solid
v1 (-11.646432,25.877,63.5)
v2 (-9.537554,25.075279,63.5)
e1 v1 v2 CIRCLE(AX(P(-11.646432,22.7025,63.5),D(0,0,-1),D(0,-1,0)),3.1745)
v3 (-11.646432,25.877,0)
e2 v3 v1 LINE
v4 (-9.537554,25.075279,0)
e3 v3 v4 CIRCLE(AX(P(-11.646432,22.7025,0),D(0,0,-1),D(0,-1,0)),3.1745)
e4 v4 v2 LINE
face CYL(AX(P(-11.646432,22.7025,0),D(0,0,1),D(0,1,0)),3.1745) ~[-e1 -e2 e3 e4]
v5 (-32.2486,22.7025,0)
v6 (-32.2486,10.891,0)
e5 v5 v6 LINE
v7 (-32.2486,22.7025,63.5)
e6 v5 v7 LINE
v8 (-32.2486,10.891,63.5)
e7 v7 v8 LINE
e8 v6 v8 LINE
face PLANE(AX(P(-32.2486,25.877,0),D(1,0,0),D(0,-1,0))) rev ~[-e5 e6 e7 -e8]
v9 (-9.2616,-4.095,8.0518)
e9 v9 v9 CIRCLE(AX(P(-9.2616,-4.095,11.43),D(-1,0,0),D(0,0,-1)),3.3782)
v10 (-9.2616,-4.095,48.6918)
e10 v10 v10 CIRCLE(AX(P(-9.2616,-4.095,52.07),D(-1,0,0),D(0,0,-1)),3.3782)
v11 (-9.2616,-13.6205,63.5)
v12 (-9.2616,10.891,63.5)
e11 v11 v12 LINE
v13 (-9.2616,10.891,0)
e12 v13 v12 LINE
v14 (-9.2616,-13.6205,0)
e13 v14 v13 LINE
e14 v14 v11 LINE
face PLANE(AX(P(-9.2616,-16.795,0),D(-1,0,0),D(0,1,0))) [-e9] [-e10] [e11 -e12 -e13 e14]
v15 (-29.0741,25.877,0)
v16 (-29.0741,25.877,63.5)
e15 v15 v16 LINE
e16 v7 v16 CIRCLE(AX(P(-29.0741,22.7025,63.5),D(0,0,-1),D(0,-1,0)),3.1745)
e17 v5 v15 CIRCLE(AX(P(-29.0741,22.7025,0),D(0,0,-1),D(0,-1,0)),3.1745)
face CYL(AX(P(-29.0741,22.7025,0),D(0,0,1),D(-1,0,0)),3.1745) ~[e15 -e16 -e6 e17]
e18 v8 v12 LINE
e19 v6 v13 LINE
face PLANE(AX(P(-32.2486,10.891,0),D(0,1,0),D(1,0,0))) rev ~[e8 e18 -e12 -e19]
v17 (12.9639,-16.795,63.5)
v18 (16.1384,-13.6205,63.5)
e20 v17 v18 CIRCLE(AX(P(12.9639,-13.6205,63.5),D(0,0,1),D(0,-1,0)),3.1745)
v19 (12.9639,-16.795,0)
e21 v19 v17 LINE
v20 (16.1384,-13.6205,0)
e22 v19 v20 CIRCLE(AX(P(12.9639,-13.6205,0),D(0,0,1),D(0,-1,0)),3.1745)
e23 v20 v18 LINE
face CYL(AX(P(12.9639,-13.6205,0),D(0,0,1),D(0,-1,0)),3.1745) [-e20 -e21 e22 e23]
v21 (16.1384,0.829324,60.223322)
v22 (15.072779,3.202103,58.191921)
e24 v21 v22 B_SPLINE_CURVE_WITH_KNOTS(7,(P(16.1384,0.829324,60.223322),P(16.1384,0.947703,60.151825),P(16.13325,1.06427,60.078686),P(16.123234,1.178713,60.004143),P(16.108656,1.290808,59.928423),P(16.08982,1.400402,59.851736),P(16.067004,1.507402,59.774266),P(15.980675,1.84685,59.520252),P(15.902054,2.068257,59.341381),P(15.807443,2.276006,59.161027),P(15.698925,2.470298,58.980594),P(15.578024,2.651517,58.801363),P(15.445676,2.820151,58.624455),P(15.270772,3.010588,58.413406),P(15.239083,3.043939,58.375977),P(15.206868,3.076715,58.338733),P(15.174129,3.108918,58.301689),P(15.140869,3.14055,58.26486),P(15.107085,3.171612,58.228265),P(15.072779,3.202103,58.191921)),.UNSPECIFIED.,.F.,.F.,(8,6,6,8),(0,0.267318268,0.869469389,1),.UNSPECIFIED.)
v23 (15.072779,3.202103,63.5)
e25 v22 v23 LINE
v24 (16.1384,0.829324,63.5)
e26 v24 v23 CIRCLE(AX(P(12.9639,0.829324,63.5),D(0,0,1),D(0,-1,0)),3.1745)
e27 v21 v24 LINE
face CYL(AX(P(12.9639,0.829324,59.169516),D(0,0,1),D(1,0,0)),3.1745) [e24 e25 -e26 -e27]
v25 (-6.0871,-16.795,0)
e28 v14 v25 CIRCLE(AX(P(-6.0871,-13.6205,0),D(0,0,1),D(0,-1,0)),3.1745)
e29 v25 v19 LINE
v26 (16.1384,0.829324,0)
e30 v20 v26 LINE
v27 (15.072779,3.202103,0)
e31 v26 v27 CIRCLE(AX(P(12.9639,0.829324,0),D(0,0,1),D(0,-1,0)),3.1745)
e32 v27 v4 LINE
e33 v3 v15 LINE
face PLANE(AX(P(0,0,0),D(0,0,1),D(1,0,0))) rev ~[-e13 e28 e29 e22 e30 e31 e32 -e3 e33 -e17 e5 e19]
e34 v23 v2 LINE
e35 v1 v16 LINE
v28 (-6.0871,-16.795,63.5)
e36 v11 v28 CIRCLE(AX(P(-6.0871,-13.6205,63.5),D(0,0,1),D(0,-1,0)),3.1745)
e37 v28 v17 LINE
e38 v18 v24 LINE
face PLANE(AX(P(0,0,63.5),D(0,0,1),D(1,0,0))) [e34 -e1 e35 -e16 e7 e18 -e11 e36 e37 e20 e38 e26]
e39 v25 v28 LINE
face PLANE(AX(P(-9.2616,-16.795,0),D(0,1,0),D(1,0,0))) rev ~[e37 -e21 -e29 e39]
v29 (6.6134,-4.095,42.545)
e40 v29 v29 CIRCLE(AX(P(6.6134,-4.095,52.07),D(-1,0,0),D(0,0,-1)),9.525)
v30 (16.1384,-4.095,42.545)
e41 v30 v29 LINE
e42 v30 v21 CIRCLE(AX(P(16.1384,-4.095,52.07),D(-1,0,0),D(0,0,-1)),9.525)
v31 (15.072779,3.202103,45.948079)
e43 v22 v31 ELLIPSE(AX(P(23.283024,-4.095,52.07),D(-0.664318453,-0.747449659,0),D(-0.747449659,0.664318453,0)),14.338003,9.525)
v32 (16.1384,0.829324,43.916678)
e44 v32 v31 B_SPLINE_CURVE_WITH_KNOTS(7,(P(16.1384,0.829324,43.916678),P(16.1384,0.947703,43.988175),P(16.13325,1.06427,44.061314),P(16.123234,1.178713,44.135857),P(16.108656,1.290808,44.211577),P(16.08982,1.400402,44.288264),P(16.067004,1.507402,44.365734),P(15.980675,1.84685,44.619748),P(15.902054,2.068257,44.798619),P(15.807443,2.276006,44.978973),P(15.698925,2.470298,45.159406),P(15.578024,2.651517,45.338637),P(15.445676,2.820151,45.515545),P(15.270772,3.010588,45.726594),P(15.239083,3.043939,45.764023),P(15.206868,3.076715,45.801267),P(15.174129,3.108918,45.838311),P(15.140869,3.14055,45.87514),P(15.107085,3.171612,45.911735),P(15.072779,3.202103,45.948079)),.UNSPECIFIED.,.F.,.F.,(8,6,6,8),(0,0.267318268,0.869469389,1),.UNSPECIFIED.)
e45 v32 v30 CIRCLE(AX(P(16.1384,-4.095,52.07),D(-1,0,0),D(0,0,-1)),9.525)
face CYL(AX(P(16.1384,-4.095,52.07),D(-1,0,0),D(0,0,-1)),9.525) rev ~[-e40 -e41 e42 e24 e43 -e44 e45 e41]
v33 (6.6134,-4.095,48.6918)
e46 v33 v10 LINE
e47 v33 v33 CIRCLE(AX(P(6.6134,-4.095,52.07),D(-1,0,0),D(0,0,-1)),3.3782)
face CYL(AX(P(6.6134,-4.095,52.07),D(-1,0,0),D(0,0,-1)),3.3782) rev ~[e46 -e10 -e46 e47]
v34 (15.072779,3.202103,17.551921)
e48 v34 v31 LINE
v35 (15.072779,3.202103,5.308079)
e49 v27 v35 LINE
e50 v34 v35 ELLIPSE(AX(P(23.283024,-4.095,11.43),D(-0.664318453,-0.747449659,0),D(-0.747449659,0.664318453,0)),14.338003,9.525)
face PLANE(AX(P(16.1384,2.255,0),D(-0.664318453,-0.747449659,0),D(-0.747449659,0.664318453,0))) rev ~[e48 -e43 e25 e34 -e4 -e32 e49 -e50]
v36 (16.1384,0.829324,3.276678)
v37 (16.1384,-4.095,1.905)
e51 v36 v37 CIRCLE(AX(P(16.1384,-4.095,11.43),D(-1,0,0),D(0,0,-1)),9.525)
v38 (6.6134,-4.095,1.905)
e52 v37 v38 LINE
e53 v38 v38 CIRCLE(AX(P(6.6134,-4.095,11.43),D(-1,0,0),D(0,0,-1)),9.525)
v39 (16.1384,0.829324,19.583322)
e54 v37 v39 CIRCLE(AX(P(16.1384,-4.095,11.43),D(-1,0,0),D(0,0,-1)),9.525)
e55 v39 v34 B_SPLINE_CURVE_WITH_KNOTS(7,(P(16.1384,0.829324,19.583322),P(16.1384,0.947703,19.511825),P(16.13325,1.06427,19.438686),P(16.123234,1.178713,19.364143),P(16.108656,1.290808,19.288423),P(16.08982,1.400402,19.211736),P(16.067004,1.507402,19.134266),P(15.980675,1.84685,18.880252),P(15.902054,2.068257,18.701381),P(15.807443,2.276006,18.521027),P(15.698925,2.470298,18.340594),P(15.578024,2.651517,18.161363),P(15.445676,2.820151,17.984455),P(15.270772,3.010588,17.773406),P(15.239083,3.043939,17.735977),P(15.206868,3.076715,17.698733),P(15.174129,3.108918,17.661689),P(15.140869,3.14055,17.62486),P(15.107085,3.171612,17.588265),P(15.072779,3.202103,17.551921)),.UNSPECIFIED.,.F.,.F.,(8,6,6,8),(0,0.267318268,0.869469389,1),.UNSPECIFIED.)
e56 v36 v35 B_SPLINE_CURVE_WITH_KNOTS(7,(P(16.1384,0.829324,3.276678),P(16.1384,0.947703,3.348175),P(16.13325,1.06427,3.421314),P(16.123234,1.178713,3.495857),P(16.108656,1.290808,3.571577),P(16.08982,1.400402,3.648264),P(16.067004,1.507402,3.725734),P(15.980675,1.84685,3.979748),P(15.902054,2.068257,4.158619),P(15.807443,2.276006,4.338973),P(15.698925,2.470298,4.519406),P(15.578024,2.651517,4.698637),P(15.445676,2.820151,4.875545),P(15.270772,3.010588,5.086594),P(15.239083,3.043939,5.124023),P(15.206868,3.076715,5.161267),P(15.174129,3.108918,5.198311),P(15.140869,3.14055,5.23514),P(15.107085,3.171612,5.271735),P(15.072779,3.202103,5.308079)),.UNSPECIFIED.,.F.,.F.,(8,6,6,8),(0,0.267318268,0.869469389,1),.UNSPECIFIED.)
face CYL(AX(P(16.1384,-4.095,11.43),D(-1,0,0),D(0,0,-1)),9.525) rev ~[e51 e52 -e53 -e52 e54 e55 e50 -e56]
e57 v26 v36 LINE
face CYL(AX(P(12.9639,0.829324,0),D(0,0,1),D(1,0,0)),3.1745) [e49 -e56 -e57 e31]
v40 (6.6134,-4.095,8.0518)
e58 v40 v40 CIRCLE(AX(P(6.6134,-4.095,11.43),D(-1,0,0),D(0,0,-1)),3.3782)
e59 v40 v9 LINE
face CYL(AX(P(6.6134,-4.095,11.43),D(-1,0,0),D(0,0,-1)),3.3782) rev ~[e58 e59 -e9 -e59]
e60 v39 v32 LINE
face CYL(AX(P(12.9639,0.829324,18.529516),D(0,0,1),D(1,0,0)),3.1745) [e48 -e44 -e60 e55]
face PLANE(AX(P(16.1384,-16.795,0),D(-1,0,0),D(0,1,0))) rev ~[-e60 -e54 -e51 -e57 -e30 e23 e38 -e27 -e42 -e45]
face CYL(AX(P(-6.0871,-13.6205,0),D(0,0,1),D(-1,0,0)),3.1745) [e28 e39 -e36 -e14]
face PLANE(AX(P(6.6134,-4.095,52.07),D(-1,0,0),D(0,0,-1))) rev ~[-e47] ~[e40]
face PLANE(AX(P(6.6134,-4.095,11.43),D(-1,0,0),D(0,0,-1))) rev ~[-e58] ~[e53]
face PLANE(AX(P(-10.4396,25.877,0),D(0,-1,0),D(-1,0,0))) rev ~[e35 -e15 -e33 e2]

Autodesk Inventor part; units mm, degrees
ref_plane "YZ Plane" through (0, 0, 0) normal (1, 0, 0) x (0, 1, 0)
ref_plane "XZ Plane" through (0, 0, 0) normal (0, 1, 0) x (-1, 0, 0)
ref_plane "XY Plane" through (0, 0, 0) normal (0, 0, 1) x (1, 0, 0)
sketch "Sketch1" plane through (0, 0, 0) normal (0, 0, 1) x (1, 0, 0)
  line L0 (-9.2616, -16.795) -> (16.1384, -16.795)
  line L1 (16.1384, -16.795) -> (16.1384, 2.255)
  line L2 (16.1384, 2.255) -> (-10.4396, 25.877)
  line L3 (-10.4396, 25.877) -> (-32.2486, 25.877)
  line L4 (-32.2486, 25.877) -> (-32.2486, 10.891)
  line L5 (-32.2486, 10.891) -> (-9.2616, 10.891)
  line L6 (-9.2616, -16.795) -> (-9.2616, 10.891)
  dimension "d39" = 25.4
  dimension "d40" = 22.987
  dimension "d42" = 27.686
  dimension "d43" = 14.986
  dimension "d45" = 48.37
  dimension "d46" = 19.05
extrude "Extrusion1" add sketch "Sketch1" along normal blind 63.5
sketch "Sketch5" plane through (16.1384, -16.795, 0) normal (1, 0, 0) x (0, 0, -1)
  line L0 (0, 0) -> (-63.5, 0) projected
  line L1 (-63.5, 0) -> (-63.5, 19.05) projected
  line L2 (-63.5, 0) -> (-52.07, 12.7) construction
  line L3 (-52.07, 12.7) -> (-11.43, 12.7) construction
  line L4 (0, 0) -> (0, 19.05) construction
  line L5 (-11.43, 12.7) -> (0, 0) construction
  point P0 (0, 16.795)
  dimension "d47" = 12.7
  dimension "d48" = 11.43
hole "Hole3" at (16.1384, -4.095, 52.07) at (16.1384, -4.095, 11.43) direction (-1, 0, 0) diameter 6.7564 end through all counterbore diameter 19.05 counterbore depth 9.525 clearance for "Hex Head Bolt" size "1/4" standard "Ansi Unified Screw Threads"
fillet "Fillet2" radius 3.175 7 edges at (16.1384, 2.255, 31.75) (16.1384, 2.255, 61.3348) (16.1384, 2.255, 2.1652) (16.1384, -16.795, 31.75) (-9.2616, -16.795, 31.75) (-10.4396, 25.877, 31.75) (-32.2486, 25.877, 31.75)
properties part number "C29_TK_BackWedge" material "ABS Plastic"
